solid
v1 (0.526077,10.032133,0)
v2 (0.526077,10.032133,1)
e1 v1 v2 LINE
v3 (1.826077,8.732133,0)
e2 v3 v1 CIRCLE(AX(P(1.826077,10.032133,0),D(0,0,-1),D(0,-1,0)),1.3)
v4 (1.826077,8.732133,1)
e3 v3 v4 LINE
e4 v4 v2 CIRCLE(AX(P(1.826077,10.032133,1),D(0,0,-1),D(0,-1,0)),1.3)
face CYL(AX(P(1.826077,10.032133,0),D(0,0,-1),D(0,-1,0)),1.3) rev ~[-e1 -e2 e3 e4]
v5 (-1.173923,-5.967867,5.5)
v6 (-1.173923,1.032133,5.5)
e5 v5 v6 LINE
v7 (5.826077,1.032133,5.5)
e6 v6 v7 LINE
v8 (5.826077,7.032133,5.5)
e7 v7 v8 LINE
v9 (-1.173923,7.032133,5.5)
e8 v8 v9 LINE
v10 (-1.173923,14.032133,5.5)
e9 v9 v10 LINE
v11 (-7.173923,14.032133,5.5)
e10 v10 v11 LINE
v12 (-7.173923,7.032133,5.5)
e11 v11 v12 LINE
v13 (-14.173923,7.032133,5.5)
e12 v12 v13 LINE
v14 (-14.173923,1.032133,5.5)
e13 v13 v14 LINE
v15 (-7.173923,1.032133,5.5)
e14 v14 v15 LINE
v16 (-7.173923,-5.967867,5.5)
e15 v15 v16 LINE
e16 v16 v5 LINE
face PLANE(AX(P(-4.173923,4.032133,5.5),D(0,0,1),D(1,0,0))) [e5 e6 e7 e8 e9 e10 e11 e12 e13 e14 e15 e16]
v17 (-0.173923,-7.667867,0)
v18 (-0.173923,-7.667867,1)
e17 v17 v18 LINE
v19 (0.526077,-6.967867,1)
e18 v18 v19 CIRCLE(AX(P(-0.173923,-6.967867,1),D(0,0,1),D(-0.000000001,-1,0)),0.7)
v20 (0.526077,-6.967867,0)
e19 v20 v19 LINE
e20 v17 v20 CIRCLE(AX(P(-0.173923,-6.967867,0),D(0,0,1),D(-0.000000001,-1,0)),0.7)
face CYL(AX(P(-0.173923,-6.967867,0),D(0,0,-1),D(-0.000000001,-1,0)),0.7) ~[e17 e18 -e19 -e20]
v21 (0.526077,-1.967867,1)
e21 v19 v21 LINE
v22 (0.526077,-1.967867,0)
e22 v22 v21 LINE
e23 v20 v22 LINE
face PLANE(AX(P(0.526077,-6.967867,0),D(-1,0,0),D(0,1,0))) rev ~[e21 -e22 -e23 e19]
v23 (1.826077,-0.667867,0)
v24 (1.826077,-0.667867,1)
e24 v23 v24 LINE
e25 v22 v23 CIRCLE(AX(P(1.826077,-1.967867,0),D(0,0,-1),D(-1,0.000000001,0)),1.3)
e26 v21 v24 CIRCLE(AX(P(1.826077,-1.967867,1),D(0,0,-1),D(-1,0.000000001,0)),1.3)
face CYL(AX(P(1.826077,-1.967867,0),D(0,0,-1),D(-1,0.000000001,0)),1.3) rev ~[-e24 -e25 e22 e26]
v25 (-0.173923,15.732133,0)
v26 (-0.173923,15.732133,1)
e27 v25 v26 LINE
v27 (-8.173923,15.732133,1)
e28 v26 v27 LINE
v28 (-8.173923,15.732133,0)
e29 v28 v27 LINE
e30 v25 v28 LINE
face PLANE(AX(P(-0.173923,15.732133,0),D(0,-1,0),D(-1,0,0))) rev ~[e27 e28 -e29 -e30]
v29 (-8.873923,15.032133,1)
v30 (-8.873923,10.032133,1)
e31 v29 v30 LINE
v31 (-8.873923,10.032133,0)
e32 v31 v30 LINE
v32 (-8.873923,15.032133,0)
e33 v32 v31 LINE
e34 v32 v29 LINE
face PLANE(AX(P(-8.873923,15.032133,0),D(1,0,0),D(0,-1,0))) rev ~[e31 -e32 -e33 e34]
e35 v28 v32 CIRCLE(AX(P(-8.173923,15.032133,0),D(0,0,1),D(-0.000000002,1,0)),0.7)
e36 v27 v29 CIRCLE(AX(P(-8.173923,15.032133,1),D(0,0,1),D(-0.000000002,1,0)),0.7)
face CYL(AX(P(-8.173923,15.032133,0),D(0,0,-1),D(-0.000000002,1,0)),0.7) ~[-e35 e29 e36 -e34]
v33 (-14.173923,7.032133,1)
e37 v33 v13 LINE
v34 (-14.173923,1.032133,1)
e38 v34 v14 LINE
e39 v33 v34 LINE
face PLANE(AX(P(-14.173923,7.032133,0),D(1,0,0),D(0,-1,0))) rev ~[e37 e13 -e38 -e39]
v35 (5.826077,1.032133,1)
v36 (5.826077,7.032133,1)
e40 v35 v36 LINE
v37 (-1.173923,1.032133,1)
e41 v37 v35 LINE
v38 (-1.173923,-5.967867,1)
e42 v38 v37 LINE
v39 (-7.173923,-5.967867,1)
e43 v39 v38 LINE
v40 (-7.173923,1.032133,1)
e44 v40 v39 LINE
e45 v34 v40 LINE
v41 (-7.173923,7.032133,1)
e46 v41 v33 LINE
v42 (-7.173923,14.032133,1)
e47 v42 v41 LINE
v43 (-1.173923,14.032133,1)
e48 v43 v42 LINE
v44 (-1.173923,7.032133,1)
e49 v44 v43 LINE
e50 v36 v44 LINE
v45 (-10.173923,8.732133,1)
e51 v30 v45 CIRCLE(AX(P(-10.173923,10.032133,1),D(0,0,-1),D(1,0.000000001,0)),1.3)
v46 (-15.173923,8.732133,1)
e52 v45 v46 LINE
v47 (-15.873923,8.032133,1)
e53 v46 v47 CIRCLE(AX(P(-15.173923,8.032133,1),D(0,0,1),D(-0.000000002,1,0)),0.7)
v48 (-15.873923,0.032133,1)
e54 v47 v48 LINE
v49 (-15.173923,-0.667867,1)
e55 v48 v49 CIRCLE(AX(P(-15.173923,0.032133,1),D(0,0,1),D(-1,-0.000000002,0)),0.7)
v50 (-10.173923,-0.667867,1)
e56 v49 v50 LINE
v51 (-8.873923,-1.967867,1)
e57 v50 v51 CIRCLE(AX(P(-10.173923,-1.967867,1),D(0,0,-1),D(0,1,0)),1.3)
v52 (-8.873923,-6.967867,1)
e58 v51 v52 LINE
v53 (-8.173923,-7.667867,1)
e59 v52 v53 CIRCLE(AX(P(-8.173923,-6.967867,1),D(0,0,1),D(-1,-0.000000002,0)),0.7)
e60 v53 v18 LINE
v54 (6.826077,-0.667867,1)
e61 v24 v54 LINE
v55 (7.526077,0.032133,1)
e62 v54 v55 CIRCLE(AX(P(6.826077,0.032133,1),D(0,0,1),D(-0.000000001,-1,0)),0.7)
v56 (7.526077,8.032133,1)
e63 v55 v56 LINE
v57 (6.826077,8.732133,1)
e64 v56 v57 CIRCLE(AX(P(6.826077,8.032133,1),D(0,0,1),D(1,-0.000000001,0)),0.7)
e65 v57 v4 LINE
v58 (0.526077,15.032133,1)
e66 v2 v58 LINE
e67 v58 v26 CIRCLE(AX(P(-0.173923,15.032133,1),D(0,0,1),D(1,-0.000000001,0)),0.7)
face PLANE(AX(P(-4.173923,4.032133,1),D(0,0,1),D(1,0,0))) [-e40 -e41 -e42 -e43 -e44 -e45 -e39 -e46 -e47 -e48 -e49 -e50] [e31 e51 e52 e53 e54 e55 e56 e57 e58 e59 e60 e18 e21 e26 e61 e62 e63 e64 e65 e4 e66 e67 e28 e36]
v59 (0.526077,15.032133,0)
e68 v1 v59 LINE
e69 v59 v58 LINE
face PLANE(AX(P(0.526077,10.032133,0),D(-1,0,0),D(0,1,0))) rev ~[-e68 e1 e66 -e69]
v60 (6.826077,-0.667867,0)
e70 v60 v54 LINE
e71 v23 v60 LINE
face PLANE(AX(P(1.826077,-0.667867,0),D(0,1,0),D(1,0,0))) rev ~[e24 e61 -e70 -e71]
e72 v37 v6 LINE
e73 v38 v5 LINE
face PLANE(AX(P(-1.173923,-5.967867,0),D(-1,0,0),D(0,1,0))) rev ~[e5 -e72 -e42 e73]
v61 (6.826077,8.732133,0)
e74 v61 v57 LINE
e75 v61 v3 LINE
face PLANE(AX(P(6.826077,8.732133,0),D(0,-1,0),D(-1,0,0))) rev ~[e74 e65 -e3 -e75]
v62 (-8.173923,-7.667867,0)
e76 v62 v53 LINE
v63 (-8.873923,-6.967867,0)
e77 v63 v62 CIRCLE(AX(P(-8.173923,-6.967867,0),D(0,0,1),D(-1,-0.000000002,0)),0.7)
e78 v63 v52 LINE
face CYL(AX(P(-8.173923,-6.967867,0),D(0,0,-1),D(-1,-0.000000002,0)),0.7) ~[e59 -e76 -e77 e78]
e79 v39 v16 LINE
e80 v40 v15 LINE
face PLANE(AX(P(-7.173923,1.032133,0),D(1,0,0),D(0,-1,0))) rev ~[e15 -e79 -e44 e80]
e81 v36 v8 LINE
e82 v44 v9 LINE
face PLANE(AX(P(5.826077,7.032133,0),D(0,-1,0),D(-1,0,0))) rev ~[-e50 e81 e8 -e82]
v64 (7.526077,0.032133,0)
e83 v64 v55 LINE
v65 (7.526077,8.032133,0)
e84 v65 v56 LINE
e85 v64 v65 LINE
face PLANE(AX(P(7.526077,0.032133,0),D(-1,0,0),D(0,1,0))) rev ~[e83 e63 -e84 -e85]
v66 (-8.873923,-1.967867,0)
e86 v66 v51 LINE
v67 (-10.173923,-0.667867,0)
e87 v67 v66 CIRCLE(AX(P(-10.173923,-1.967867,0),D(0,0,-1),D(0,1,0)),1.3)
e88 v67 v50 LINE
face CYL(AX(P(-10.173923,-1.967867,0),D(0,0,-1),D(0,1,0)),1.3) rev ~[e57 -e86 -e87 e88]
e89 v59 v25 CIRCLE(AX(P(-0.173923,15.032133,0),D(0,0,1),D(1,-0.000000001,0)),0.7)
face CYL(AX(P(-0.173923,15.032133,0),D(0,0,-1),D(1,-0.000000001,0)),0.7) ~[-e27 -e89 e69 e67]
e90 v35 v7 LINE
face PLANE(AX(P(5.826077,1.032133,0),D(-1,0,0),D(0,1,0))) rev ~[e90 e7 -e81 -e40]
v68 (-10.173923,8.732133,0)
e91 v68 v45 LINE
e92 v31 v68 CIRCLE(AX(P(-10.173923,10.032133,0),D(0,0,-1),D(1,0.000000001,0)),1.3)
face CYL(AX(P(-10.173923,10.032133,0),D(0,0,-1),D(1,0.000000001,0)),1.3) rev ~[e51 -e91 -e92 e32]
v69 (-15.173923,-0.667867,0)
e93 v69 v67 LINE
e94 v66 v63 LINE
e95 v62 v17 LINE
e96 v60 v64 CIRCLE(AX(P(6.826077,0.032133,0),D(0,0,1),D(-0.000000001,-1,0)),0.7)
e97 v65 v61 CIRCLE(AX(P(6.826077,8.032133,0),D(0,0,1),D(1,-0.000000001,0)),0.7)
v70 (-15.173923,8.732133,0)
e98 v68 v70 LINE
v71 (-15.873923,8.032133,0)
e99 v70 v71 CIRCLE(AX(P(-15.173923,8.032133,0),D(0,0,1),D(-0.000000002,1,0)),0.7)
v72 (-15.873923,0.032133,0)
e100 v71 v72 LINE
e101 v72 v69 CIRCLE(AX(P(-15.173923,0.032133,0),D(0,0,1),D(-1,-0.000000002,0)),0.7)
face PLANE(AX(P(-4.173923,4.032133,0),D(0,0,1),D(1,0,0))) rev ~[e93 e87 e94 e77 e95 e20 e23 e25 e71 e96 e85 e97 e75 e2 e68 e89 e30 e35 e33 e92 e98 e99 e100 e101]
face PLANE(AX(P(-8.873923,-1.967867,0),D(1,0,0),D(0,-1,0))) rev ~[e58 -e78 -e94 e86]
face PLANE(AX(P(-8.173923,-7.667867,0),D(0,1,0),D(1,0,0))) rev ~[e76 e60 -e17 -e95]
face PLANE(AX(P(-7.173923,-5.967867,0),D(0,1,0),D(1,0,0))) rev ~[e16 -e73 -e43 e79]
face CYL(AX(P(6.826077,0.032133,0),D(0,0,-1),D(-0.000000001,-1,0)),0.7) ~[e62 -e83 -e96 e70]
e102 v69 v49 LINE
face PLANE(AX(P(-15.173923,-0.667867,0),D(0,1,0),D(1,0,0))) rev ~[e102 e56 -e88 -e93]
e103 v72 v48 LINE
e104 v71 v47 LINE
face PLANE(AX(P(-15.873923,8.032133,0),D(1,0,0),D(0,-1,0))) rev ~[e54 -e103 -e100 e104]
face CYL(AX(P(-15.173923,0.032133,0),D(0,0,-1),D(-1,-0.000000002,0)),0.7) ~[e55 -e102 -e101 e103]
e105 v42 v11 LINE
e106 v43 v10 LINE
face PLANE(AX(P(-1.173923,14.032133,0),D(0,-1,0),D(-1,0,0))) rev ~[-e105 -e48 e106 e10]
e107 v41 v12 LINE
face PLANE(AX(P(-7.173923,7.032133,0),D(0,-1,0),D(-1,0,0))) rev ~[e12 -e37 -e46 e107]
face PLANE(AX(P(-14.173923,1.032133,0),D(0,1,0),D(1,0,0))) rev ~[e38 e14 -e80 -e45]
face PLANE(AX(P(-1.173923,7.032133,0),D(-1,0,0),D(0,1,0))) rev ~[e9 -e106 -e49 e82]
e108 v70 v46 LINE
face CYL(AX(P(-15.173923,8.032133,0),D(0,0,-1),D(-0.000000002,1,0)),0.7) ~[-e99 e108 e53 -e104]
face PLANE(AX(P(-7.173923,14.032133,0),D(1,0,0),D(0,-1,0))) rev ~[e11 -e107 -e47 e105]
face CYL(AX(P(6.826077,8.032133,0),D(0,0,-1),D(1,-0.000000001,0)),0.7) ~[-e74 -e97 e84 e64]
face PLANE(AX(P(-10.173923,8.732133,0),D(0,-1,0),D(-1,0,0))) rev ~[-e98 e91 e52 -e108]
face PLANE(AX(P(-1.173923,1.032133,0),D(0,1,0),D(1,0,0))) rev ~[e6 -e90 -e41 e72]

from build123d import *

# Parameters (mm, degrees)
BOSS_EXTRUDE1_DEPTH = 5.5
BOSS_EXTRUDE2_DEPTH = 1


with BuildPart() as part:
    # Sketch1 → Boss-Extrude1 (new body)
    with BuildSketch(Plane.XY):
        Polygon((-14.173922558, 7.032133424), (-14.173922558, 1.032133424), (-7.173922558, 1.032133424), (-7.173922558, -5.967866576), (-1.173922558, -5.967866576), (-1.173922558, 1.032133424), (5.826077442, 1.032133424), (5.826077442, 7.032133424), (-1.173922558, 7.032133424), (-1.173922558, 14.032133424), (-7.173922558, 14.032133424), (-7.173922558, 7.032133424), align=None)
    extrude(amount=BOSS_EXTRUDE1_DEPTH)

    # Sketch2 → Boss-Extrude2 (add)
    with BuildSketch(Plane.XY):
        with BuildLine():
            Line((-15.873922558, 8.032133424), (-15.873922558, 0.032133424))
            ThreePointArc((-15.873922558, 0.032133424), (-15.668897304, -0.462841323), (-15.173922558, -0.667866576))
            Line((-15.173922558, -0.667866576), (-10.173922558, -0.667866576))
            ThreePointArc((-10.173922558, -0.667866576), (-9.254683742, -1.048627761), (-8.873922558, -1.967866576))
            Line((-8.873922558, -1.967866576), (-8.873922558, -6.967866576))
            ThreePointArc((-8.873922558, -6.967866576), (-8.668897304, -7.462841323), (-8.173922558, -7.667866576))
            Line((-8.173922558, -7.667866576), (-0.173922558, -7.667866576))
            ThreePointArc((-0.173922558, -7.667866576), (0.321052189, -7.462841323), (0.526077442, -6.967866576))
            Line((0.526077442, -6.967866576), (0.526077442, -1.967866576))
            ThreePointArc((0.526077442, -1.967866576), (0.906838627, -1.048627761), (1.826077442, -0.667866576))
            Line((1.826077442, -0.667866576), (6.826077442, -0.667866576))
            ThreePointArc((6.826077442, -0.667866576), (7.321052189, -0.462841323), (7.526077442, 0.032133424))
            Line((7.526077442, 0.032133424), (7.526077442, 8.032133424))
            ThreePointArc((7.526077442, 8.032133424), (7.321052189, 8.527108171), (6.826077442, 8.732133424))
            Line((6.826077442, 8.732133424), (1.826077442, 8.732133424))
            ThreePointArc((1.826077442, 8.732133424), (0.906838627, 9.112894608), (0.526077442, 10.032133424))
            Line((0.526077442, 10.032133424), (0.526077442, 15.032133424))
            ThreePointArc((0.526077442, 15.032133424), (0.321052189, 15.527108171), (-0.173922558, 15.732133424))
            Line((-0.173922558, 15.732133424), (-8.173922558, 15.732133424))
            ThreePointArc((-8.173922558, 15.732133424), (-8.668897304, 15.527108171), (-8.873922558, 15.032133424))
            Line((-8.873922558, 15.032133424), (-8.873922558, 10.032133424))
            ThreePointArc((-8.873922558, 10.032133424), (-9.254683742, 9.112894608), (-10.173922558, 8.732133424))
            Line((-10.173922558, 8.732133424), (-15.173922558, 8.732133424))
            ThreePointArc((-15.173922558, 8.732133424), (-15.668897304, 8.527108171), (-15.873922558, 8.032133424))
        make_face()
    extrude(amount=BOSS_EXTRUDE2_DEPTH)


solid = part.part
